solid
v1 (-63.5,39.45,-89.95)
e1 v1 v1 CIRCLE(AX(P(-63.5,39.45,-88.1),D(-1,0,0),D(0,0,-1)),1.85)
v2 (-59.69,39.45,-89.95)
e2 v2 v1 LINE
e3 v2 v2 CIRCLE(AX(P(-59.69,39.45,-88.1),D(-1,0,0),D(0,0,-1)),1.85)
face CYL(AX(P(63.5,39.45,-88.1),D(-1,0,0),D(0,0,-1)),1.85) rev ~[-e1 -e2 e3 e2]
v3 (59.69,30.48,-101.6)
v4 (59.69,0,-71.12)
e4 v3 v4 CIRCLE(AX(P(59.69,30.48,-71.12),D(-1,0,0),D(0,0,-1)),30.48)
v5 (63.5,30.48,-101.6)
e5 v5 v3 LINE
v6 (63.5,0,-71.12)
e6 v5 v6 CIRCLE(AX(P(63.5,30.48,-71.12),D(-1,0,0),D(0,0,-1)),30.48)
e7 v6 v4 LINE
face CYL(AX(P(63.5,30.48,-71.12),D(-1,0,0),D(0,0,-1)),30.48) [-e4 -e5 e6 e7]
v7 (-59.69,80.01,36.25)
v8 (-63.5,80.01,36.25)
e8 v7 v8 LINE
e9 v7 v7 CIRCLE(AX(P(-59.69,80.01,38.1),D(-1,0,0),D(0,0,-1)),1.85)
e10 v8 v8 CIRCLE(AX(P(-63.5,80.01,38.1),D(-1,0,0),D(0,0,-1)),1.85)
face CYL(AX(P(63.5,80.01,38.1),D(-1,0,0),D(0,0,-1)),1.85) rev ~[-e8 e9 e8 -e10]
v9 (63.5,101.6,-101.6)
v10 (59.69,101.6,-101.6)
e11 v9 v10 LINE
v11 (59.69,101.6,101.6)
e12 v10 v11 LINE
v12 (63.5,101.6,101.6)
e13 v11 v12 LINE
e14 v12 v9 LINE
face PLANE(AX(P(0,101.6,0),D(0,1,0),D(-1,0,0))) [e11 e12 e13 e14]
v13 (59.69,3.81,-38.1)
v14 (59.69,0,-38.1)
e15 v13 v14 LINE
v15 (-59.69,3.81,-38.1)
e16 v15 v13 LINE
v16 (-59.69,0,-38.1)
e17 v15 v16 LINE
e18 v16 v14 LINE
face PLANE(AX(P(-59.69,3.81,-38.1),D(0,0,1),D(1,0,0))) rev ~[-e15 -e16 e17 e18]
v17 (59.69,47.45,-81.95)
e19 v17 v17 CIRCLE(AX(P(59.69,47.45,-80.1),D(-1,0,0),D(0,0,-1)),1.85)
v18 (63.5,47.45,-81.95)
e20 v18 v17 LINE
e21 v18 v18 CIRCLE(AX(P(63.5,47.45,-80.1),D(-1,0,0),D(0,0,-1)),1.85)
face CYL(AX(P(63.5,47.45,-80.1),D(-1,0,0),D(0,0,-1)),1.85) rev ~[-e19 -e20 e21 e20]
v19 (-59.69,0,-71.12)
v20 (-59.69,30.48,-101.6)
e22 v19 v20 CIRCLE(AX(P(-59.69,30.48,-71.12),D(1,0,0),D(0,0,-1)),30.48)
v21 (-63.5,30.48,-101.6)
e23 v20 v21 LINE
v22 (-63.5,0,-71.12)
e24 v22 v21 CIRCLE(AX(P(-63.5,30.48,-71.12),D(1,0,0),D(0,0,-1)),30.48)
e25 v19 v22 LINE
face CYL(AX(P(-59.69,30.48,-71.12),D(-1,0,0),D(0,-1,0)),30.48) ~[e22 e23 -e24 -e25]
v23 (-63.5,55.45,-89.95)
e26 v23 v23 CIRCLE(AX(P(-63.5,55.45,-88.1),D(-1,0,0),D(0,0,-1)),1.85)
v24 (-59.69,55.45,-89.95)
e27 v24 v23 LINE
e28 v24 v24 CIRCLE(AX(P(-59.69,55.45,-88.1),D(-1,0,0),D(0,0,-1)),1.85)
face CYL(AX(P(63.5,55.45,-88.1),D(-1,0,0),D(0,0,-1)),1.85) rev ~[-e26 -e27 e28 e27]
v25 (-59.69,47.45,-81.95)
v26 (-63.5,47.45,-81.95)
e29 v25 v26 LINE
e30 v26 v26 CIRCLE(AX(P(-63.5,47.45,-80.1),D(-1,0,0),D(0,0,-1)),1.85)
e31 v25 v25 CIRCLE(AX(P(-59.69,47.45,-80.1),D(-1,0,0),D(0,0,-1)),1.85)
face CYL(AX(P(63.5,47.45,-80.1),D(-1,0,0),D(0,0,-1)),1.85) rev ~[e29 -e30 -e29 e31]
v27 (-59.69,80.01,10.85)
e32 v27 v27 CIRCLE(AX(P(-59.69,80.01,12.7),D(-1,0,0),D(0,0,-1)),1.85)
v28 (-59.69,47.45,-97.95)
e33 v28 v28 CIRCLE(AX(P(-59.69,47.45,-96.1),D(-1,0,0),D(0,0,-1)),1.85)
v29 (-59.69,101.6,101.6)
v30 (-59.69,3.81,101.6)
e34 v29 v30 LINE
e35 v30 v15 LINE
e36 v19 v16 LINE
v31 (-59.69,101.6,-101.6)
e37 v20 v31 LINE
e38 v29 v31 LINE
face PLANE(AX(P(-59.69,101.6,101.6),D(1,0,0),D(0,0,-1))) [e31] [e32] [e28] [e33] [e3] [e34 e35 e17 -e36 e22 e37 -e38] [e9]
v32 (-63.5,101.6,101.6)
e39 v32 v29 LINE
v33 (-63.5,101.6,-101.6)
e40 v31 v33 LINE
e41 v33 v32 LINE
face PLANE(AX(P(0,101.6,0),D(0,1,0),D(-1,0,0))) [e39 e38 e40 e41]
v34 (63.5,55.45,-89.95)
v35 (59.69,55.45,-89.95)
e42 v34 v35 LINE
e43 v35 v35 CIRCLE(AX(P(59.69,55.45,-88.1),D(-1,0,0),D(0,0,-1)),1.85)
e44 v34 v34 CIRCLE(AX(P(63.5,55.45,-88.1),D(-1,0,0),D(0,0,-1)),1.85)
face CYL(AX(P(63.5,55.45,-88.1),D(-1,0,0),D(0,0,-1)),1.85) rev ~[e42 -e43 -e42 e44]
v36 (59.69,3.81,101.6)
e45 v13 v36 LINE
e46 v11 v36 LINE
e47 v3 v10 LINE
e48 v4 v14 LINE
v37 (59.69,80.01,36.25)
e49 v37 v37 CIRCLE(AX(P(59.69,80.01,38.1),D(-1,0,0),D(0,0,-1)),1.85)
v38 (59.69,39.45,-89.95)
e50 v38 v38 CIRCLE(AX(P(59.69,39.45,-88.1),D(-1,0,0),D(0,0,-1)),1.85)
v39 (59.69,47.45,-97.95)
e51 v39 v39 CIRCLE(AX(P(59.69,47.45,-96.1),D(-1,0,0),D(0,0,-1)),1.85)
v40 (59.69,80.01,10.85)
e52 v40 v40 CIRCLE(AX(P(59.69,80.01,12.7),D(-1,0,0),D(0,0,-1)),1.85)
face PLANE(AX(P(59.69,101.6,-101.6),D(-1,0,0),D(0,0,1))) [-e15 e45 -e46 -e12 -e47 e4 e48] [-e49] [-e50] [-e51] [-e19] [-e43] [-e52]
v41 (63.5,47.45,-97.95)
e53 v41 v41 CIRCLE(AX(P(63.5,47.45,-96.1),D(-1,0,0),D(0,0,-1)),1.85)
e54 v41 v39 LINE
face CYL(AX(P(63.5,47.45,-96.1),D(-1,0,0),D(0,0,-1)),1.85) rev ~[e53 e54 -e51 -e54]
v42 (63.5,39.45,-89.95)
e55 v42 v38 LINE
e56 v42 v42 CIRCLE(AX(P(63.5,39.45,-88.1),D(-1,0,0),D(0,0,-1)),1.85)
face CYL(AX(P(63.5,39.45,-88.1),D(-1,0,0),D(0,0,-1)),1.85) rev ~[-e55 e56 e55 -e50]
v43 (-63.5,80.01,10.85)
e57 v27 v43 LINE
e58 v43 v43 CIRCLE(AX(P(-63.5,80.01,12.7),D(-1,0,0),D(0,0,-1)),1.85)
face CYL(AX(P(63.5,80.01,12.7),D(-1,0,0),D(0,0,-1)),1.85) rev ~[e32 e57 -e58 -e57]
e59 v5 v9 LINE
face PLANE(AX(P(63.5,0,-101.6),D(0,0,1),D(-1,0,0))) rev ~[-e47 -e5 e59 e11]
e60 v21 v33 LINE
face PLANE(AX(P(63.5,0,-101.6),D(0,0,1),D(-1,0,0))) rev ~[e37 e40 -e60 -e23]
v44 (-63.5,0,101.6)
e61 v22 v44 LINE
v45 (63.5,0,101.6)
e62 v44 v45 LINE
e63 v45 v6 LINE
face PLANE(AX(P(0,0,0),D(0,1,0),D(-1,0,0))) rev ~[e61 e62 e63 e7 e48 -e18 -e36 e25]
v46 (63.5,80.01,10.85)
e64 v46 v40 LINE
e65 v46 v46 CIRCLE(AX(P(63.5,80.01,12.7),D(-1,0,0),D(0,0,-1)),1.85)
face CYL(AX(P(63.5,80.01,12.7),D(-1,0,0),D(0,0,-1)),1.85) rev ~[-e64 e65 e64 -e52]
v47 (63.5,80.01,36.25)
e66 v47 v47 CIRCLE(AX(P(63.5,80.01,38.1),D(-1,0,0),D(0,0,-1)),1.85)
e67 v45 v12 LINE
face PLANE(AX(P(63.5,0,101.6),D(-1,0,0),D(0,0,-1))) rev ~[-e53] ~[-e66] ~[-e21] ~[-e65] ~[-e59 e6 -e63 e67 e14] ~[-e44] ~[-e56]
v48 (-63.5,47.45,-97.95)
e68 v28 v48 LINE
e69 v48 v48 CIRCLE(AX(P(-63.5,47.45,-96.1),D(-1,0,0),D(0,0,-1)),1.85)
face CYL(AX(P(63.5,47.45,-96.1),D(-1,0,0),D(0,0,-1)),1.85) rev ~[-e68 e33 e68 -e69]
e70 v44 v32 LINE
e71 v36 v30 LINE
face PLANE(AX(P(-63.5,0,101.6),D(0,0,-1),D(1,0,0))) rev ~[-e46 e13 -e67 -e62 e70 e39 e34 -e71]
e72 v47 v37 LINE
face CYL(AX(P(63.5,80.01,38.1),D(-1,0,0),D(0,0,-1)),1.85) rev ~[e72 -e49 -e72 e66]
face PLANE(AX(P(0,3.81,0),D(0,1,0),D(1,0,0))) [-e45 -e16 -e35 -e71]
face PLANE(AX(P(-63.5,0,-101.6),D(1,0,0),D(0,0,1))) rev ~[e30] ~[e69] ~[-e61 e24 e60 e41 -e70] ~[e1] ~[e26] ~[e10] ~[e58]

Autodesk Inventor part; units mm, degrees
ref_plane "YZ Plane" through (0, 0, 0) normal (1, 0, 0) x (0, 1, 0)
ref_plane "XZ Plane" through (0, 0, 0) normal (0, 1, 0) x (-1, 0, 0)
ref_plane "XY Plane" through (0, 0, 0) normal (0, 0, 1) x (1, 0, 0)
sketch "Sketch1" plane through (0, 0, 0) normal (0, 1, 0) x (-1, 0, 0)
  line L0 (-63.5, -101.6) -> (63.5, -101.6)
  line L1 (63.5, -101.6) -> (63.5, 101.6)
  line L2 (63.5, 101.6) -> (-63.5, 101.6)
  line L3 (-63.5, 101.6) -> (-63.5, -101.6)
  line L4 (-63.5, -101.6) -> (63.5, 101.6) construction
  line L5 (63.5, -101.6) -> (-63.5, 101.6) construction
  point P0 (0, 0)
  dimension "d0" = 127
  dimension "d1" = 203.2
extrude "Extrusion1" add sketch "Sketch1" along normal blind 101.6
sketch "Sketch3" plane through (0, 101.6, 0) normal (0, 1, 0) x (1, 0, 0)
  line L0 (63.5, 101.6) -> (-63.5, 101.6) projected
  line L1 (59.69, -101.6) -> (-59.69, -101.6)
  line L2 (-59.69, -101.6) -> (-59.69, 101.6)
  line L3 (-59.69, 101.6) -> (59.69, 101.6)
  line L4 (59.69, 101.6) -> (59.69, -101.6)
  line L5 (59.69, -101.6) -> (-59.69, 101.6) construction
  line L6 (-59.69, -101.6) -> (59.69, 101.6) construction
  point P0 (0, 0)
  dimension "d4" = 119.38
extrude "Extrusion2" cut sketch "Sketch3" against normal blind 97.79
sketch "Sketch4" plane through (0, 3.81, 0) normal (0, 1, 0) x (1, 0, 0)
  line L0 (59.69, 101.6) -> (59.69, -101.6) projected
  line L1 (-59.69, 101.6) -> (59.69, 101.6) projected
  line L2 (59.69, 101.6) -> (-59.69, 101.6)
  line L3 (-59.69, 101.6) -> (-59.69, 38.1)
  line L4 (-59.69, 38.1) -> (59.69, 38.1)
  line L5 (59.69, 38.1) -> (59.69, 101.6)
  point P0 (0, 0)
  dimension "d7" = 63.5
extrude "Extrusion3" cut sketch "Sketch4" against normal blind 3.81
fillet "Fillet1" radius 30.48 2 edges at (61.595, 0, -101.6) (-61.595, 0, -101.6)
sketch "Sketch7" plane through (63.5, 0, 101.6) normal (1, 0, 0) x (0, 0, -1)
  circle A0 centre (189.7, 55.45) radius 1.85 projected
  circle A1 centre (197.7, 47.45) radius 1.85 projected
  circle A2 centre (181.7, 47.45) radius 1.85 projected
  circle A3 centre (189.7, 39.45) radius 1.85 projected
  point P0 (101.6, 0)
hole "Hole2" at (63.5, 55.45, -88.1) at (63.5, 47.45, -96.1) at (63.5, 47.45, -80.1) at (63.5, 39.45, -88.1) direction (-1, 0, 0) diameter 3.7 end through all
sketch "Sketch8" plane through (63.5, 0, 101.6) normal (1, 0, 0) x (0, 0, -1)
  circle A0 centre (63.5, 80.01) radius 1.85 projected
  circle A1 centre (88.9, 80.01) radius 1.85 projected
  point P0 (101.6, 0)
hole "Hole3" at (63.5, 80.01, 38.1) at (63.5, 80.01, 12.7) direction (-1, 0, 0) diameter 3.7 end through all
properties part number "Base Bucket"
